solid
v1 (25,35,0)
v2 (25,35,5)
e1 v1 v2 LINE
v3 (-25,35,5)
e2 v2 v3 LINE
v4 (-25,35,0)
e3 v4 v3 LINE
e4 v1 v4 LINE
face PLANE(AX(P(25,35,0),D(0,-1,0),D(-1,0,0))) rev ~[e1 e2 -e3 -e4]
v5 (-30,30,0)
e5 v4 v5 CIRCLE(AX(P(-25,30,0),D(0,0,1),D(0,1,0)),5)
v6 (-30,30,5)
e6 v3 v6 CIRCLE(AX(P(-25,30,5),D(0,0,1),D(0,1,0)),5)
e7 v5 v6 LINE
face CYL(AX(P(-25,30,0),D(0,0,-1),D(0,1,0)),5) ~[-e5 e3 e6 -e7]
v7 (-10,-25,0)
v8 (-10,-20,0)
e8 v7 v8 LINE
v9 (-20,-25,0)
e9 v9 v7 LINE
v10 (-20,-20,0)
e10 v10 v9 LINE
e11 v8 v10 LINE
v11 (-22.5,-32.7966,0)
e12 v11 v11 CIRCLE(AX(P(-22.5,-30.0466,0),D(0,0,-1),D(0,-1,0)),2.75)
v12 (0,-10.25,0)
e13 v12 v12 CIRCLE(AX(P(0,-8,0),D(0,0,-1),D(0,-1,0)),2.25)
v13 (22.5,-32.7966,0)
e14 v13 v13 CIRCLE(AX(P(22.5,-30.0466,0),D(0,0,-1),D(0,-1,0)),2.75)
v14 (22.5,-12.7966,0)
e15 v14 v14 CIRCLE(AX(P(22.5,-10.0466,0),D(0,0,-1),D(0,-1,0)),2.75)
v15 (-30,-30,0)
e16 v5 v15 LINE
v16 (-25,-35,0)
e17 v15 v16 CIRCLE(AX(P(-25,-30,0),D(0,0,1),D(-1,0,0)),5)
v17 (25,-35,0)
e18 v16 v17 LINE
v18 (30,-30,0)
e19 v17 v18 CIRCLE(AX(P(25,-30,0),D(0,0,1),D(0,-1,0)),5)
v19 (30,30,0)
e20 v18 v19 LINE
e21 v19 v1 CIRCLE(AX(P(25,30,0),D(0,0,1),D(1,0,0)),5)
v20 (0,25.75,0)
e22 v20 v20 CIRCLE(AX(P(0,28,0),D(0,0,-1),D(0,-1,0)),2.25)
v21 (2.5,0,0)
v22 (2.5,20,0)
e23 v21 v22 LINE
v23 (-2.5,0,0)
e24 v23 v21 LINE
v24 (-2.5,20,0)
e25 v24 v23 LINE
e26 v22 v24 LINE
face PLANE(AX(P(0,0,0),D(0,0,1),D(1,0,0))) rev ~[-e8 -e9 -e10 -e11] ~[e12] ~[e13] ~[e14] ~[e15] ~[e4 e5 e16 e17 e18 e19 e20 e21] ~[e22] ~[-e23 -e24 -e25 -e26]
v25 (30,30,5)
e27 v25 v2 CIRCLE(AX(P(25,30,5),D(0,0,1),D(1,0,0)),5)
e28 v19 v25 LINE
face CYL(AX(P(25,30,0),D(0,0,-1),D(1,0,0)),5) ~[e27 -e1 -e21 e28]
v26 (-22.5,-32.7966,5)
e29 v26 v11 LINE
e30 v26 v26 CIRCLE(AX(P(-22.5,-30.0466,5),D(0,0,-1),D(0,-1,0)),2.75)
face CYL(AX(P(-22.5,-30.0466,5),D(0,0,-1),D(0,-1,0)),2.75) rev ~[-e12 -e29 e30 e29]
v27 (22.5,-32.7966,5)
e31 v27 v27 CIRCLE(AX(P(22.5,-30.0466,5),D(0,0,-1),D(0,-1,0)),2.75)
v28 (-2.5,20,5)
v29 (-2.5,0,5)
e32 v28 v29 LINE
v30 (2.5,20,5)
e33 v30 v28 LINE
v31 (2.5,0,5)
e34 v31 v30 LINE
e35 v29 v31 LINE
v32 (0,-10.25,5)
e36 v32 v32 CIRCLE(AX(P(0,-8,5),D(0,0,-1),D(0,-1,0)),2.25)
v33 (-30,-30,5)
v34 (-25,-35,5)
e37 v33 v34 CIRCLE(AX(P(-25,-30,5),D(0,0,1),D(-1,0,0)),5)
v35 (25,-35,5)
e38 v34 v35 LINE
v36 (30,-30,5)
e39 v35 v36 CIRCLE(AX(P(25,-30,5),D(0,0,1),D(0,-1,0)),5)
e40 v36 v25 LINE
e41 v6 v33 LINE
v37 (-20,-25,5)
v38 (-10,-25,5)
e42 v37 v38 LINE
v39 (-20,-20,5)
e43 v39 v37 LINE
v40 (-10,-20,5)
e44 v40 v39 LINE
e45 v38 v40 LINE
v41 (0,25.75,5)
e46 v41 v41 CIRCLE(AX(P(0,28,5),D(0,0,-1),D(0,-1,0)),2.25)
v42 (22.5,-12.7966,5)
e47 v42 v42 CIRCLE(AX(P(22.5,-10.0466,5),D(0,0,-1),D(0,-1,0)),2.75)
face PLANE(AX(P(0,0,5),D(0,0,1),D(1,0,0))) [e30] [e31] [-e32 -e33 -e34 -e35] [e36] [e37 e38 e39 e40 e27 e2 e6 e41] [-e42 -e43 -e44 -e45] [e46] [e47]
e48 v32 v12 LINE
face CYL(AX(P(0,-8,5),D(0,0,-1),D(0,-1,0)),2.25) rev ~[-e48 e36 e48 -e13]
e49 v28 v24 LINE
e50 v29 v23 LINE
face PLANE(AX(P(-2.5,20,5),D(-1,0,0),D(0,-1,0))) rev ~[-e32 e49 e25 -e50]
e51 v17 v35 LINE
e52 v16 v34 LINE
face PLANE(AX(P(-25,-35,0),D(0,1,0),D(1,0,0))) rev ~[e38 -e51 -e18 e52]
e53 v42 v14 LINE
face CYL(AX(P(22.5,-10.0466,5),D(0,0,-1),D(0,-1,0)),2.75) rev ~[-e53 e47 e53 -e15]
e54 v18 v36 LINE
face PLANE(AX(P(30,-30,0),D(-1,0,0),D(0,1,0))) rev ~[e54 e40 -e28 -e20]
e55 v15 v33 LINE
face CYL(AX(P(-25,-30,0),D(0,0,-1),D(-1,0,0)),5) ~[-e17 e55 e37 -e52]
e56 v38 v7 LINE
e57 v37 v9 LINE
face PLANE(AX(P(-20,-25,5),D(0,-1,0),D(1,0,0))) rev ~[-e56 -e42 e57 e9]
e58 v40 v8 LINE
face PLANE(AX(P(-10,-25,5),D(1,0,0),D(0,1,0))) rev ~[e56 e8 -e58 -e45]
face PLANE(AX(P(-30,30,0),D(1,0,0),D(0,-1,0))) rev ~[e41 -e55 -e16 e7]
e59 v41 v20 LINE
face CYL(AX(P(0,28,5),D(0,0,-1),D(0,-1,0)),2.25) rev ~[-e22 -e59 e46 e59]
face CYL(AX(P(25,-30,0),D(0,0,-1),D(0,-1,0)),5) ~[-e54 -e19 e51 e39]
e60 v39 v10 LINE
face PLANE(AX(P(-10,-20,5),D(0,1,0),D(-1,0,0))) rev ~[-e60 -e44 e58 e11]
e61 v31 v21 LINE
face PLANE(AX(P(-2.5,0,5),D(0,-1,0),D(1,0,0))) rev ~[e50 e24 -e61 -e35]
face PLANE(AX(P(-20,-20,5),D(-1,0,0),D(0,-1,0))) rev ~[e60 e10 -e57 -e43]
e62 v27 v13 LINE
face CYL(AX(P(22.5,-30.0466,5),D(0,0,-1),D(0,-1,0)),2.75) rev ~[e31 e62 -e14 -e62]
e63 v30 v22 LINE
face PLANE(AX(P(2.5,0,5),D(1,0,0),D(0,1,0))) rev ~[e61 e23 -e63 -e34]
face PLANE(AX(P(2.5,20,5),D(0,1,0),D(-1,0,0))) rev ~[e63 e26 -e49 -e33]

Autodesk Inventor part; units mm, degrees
ref_plane "YZ Plane" through (0, 0, 0) normal (1, 0, 0) x (0, 1, 0)
ref_plane "XZ Plane" through (0, 0, 0) normal (0, 1, 0) x (-1, 0, 0)
ref_plane "XY Plane" through (0, 0, 0) normal (0, 0, 1) x (1, 0, 0)
sketch "Sketch1" plane through (0, 0, 0) normal (0, 0, 1) x (1, 0, 0)
  line L0 (-25, -35) -> (25, -35)
  line L1 (30, -30) -> (30, 30)
  line L2 (25, 35) -> (-25, 35)
  line L3 (-30, 30) -> (-30, -30)
  line L4 (-30, -35) -> (30, 35) construction
  line L5 (30, -35) -> (-30, 35) construction
  arc A0 (-25, 35) -> (-30, 30) centre (-25, 30) ccw
  arc A1 (30, 30) -> (25, 35) centre (25, 30) ccw
  arc A2 (25, -35) -> (30, -30) centre (25, -30) ccw
  arc A3 (-30, -30) -> (-25, -35) centre (-25, -30) ccw
  point P0 (0, 0)
  dimension "d0" = 60
  dimension "d1" = 70
  dimension "d4" = 5
extrude "Extrusion1" add sketch "Sketch1" along normal blind 5
sketch "Sketch2" plane through (0, 0, 5) normal (0, 0, 1) x (1, 0, 0)
  line L0 (-22.5, -30.0466) -> (22.5, -30.0466) construction
  line L1 (22.5, -30.0466) -> (22.5, -10.0466) construction
  line L2 (22.5, -10.0466) -> (-22.5, -10.0466) construction
  line L3 (-22.5, -10.0466) -> (-22.5, -30.0466) construction
  line L4 (-22.5, -30.0466) -> (22.5, -10.0466) construction
  line L5 (22.5, -30.0466) -> (-22.5, -10.0466) construction
  point P0 (0, 0)
  point P1 (0, -20.0466)
  point P2 (0, -20.0466)
  dimension "d5" = 45
  dimension "d6" = 20.0466
  dimension "d7" = 20
hole "Hole1" at (22.5, -10.0466, 5) at (22.5, -30.0466, 5) at (-22.5, -30.0466, 5) direction (0, 0, -1) diameter 5.5 depth 8 tip angle 118 clearance for "Countersunk Flat Head Screw DIN EN ISO 2009" size "M5" standard "DIN"
sketch "Sketch3" plane through (0, 0, 5) normal (0, 0, 1) x (1, 0, 0)
  line L0 (-2.5, 0) -> (2.5, 0)
  line L1 (2.5, 0) -> (2.5, 20)
  line L2 (2.5, 20) -> (-2.5, 20)
  line L3 (-2.5, 20) -> (-2.5, 0)
  line L4 (-2.5, 0) -> (2.5, 20) construction
  line L5 (2.5, 0) -> (-2.5, 20) construction
  point P0 (0, 0)
  point P1 (0, 10)
  point P2 (0, 10)
  point P3 (0, 0)
  point P4 (0, 10)
  dimension "d15" = 5
  dimension "d16" = 20
  dimension "d17" = 10
extrude "Extrusion2" cut sketch "Sketch3" against normal blind 5
sketch "Sketch4" plane through (0, 0, 5) normal (0, 0, 1) x (1, 0, 0)
  line L0 (-2.5, 20) -> (2.5, 20) projected
  line L1 (2.5, 0) -> (-2.5, 0) projected
  point P0 (0, 0)
  point P1 (0, 28)
  point P2 (0, -8)
  point P3 (0, 0)
  dimension "d20" = 8
  dimension "d21" = 8
hole "Hole2" at (0, 28, 5) at (0, -8, 5) direction (0, 0, -1) diameter 4.5 depth 8 tip angle 118 clearance for "Countersunk Flat Head Screw DIN EN ISO 2009" size "M4" standard "DIN"
sketch "Sketch5" plane through (0, 0, 5) normal (0, 0, 1) x (1, 0, 0)
  line L0 (2.5, 0) -> (-2.5, 0) projected
  line L1 (-20, -25) -> (-10, -25)
  line L2 (-10, -25) -> (-10, -20)
  line L3 (-10, -20) -> (-20, -20)
  line L4 (-20, -20) -> (-20, -25)
  line L5 (-20, -25) -> (-10, -20) construction
  line L6 (-10, -25) -> (-20, -20) construction
  line L7 (-25, -35) -> (25, -35) projected
  line L8 (-30, 30) -> (-30, -30) projected
  point P0 (0, 0)
  point P1 (0, 0)
  point P2 (-15, -22.5)
  dimension "d34" = 10
  dimension "d35" = 5
  dimension "d36" = 10
  dimension "d37" = 30
  dimension "d38" = 10
extrude "Extrusion3" cut sketch "Sketch5" against normal blind 5
equation "\"d38\" = -0.5 * d34 + 0.5 * d37"
properties part number "Belt_Holder1" material "Polycarbonate, Clear"
